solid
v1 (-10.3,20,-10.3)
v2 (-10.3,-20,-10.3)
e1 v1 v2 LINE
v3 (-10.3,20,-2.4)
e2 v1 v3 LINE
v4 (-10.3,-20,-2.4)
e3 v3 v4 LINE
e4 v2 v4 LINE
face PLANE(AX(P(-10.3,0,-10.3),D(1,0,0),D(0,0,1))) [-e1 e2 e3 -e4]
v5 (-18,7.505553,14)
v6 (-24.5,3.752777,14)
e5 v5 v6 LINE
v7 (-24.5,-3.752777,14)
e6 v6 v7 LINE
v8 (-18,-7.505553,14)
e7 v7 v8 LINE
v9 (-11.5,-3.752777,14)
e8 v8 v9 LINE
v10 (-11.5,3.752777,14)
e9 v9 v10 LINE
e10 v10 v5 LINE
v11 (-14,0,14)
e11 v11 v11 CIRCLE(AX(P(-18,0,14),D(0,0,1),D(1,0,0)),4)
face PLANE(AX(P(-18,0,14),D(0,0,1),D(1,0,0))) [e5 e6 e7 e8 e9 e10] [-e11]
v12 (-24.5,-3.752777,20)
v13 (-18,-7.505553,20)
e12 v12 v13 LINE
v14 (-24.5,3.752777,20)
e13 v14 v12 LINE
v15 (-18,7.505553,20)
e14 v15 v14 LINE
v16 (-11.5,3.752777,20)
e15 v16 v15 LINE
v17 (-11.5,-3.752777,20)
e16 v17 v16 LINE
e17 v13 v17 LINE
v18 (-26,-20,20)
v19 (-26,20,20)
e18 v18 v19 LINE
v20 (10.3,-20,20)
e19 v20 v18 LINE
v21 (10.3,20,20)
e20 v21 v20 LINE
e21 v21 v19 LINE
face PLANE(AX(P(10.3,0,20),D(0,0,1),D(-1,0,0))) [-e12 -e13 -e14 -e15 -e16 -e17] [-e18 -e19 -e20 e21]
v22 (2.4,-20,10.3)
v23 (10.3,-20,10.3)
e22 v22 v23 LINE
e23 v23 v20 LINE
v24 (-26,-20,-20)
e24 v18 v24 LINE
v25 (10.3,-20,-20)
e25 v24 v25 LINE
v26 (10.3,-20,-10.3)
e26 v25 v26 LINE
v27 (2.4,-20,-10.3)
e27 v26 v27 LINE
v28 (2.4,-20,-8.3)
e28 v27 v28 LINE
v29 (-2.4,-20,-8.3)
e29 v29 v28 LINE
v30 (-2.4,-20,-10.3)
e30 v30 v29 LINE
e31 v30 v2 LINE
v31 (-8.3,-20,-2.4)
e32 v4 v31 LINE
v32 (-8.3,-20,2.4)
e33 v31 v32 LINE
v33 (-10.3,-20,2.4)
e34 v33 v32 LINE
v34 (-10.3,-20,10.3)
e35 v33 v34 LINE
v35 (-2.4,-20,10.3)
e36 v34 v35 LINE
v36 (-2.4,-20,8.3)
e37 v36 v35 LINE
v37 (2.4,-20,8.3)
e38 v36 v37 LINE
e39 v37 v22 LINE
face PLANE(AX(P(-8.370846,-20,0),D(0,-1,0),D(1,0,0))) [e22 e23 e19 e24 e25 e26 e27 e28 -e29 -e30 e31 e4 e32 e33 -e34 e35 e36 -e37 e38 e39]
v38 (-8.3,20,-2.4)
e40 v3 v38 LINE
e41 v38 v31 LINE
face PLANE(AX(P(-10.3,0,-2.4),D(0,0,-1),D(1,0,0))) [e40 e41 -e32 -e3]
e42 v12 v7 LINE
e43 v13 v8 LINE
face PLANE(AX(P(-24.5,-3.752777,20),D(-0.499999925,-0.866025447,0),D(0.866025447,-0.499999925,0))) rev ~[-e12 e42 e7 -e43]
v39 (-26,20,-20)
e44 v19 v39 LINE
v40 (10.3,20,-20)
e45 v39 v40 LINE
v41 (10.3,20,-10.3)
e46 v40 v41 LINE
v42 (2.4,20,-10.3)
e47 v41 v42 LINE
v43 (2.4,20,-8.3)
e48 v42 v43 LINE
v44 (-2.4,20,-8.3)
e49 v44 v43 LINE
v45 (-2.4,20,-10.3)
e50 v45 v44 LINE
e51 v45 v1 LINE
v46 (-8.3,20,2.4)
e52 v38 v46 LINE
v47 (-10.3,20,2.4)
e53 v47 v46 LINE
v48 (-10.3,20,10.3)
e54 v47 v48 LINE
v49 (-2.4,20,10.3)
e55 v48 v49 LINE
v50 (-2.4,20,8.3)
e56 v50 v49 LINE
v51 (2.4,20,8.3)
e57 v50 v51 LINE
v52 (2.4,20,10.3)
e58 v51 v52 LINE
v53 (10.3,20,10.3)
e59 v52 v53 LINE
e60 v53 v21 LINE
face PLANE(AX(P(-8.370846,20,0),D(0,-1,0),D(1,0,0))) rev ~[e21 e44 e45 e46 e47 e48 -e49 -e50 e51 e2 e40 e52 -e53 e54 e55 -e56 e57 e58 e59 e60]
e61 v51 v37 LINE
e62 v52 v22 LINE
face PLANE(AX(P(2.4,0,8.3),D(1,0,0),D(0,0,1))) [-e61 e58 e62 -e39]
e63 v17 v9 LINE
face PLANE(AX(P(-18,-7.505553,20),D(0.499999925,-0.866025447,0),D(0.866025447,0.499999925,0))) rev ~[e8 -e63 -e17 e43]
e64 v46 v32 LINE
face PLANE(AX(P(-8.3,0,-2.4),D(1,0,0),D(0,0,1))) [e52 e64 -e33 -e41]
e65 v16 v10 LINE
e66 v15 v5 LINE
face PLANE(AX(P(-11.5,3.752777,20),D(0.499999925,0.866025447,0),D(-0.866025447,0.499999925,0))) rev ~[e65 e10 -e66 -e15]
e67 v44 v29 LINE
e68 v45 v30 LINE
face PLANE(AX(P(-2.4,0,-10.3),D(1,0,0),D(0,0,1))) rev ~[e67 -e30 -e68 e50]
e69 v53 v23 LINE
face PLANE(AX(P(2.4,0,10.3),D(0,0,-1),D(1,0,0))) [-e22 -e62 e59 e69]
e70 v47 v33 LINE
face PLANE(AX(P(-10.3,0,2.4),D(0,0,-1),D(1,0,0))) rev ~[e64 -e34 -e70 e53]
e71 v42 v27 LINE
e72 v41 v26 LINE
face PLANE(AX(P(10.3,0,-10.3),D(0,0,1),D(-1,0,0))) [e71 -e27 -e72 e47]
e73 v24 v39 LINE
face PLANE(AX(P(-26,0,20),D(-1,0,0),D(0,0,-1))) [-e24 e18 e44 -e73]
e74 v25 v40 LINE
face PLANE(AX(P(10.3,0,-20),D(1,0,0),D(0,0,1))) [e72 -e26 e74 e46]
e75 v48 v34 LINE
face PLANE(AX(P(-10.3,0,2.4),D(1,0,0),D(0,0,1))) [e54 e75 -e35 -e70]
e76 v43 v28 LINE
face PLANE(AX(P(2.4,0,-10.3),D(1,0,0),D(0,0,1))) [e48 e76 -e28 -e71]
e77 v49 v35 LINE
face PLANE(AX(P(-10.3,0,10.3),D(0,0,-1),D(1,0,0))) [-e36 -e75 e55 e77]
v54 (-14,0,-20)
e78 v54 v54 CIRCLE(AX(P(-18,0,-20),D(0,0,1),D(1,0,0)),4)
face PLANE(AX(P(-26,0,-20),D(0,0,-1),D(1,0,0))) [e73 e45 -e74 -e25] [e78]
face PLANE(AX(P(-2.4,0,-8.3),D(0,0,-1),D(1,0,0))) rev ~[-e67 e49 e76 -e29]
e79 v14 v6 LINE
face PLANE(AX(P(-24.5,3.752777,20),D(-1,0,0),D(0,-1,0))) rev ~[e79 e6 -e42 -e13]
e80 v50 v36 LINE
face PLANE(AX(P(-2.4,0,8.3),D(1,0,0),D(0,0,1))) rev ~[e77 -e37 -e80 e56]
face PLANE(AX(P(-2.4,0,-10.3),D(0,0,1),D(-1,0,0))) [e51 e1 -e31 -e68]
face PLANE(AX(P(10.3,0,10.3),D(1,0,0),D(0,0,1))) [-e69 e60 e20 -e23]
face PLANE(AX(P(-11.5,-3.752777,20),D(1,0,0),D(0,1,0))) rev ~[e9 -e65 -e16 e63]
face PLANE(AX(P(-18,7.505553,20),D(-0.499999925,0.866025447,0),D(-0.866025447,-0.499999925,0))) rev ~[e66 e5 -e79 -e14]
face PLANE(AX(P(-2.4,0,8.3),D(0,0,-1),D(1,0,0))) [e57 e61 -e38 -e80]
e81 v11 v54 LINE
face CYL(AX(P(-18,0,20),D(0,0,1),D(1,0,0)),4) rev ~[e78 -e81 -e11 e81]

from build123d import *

# Parameters (mm, degrees)
F0_W     = 4.8
F0_H     = 2
F0_W_2   = 2
F0_H_2   = 4.8
F1_DEPTH = 20
F2_R     = 4
F3_DEPTH = 50
F4_DEPTH = 6


with BuildPart() as f1:
    # F0 (on Front) → F1 (new body, symmetric)
    with BuildSketch(Plane.XZ):
        Polygon((10.3, -20), (10.3, -10.3), (2.4, -10.3), (-2.4, -10.3), (-10.3, -10.3), (-10.3, -2.4), (-10.3, 2.4), (-10.3, 10.3), (-2.4, 10.3), (2.4, 10.3), (10.3, 10.3), (10.3, 20), (-26, 20), (-26, -20), align=None)
        with Locations((0, -9.3)):
            Rectangle(F0_W, F0_H)
        with Locations((0, 9.3)):
            Rectangle(F0_W, F0_H)
        with Locations((-9.3, 0)):
            Rectangle(F0_W_2, F0_H_2)
    extrude(amount=F1_DEPTH, both=True)

    # F2 (on face) → F3 (cut)
    with BuildSketch(Plane.XY.offset(20)):
        with Locations((-18, 0)):
            Circle(F2_R)
    extrude(amount=-F3_DEPTH, mode=Mode.SUBTRACT)

    # F2 (on face) → F4 (cut)
    with BuildSketch(Plane.XY.offset(20)):
        Polygon((-11.5, -3.752777), (-11.5, 3.752777), (-18, 7.505553), (-24.5, 3.752777), (-24.5, -3.752777), (-18, -7.505553), align=None)
        with Locations((-18, 0)):
            Circle(F2_R, mode=Mode.SUBTRACT)
    extrude(amount=-F4_DEPTH, mode=Mode.SUBTRACT)


solid = f1.part
